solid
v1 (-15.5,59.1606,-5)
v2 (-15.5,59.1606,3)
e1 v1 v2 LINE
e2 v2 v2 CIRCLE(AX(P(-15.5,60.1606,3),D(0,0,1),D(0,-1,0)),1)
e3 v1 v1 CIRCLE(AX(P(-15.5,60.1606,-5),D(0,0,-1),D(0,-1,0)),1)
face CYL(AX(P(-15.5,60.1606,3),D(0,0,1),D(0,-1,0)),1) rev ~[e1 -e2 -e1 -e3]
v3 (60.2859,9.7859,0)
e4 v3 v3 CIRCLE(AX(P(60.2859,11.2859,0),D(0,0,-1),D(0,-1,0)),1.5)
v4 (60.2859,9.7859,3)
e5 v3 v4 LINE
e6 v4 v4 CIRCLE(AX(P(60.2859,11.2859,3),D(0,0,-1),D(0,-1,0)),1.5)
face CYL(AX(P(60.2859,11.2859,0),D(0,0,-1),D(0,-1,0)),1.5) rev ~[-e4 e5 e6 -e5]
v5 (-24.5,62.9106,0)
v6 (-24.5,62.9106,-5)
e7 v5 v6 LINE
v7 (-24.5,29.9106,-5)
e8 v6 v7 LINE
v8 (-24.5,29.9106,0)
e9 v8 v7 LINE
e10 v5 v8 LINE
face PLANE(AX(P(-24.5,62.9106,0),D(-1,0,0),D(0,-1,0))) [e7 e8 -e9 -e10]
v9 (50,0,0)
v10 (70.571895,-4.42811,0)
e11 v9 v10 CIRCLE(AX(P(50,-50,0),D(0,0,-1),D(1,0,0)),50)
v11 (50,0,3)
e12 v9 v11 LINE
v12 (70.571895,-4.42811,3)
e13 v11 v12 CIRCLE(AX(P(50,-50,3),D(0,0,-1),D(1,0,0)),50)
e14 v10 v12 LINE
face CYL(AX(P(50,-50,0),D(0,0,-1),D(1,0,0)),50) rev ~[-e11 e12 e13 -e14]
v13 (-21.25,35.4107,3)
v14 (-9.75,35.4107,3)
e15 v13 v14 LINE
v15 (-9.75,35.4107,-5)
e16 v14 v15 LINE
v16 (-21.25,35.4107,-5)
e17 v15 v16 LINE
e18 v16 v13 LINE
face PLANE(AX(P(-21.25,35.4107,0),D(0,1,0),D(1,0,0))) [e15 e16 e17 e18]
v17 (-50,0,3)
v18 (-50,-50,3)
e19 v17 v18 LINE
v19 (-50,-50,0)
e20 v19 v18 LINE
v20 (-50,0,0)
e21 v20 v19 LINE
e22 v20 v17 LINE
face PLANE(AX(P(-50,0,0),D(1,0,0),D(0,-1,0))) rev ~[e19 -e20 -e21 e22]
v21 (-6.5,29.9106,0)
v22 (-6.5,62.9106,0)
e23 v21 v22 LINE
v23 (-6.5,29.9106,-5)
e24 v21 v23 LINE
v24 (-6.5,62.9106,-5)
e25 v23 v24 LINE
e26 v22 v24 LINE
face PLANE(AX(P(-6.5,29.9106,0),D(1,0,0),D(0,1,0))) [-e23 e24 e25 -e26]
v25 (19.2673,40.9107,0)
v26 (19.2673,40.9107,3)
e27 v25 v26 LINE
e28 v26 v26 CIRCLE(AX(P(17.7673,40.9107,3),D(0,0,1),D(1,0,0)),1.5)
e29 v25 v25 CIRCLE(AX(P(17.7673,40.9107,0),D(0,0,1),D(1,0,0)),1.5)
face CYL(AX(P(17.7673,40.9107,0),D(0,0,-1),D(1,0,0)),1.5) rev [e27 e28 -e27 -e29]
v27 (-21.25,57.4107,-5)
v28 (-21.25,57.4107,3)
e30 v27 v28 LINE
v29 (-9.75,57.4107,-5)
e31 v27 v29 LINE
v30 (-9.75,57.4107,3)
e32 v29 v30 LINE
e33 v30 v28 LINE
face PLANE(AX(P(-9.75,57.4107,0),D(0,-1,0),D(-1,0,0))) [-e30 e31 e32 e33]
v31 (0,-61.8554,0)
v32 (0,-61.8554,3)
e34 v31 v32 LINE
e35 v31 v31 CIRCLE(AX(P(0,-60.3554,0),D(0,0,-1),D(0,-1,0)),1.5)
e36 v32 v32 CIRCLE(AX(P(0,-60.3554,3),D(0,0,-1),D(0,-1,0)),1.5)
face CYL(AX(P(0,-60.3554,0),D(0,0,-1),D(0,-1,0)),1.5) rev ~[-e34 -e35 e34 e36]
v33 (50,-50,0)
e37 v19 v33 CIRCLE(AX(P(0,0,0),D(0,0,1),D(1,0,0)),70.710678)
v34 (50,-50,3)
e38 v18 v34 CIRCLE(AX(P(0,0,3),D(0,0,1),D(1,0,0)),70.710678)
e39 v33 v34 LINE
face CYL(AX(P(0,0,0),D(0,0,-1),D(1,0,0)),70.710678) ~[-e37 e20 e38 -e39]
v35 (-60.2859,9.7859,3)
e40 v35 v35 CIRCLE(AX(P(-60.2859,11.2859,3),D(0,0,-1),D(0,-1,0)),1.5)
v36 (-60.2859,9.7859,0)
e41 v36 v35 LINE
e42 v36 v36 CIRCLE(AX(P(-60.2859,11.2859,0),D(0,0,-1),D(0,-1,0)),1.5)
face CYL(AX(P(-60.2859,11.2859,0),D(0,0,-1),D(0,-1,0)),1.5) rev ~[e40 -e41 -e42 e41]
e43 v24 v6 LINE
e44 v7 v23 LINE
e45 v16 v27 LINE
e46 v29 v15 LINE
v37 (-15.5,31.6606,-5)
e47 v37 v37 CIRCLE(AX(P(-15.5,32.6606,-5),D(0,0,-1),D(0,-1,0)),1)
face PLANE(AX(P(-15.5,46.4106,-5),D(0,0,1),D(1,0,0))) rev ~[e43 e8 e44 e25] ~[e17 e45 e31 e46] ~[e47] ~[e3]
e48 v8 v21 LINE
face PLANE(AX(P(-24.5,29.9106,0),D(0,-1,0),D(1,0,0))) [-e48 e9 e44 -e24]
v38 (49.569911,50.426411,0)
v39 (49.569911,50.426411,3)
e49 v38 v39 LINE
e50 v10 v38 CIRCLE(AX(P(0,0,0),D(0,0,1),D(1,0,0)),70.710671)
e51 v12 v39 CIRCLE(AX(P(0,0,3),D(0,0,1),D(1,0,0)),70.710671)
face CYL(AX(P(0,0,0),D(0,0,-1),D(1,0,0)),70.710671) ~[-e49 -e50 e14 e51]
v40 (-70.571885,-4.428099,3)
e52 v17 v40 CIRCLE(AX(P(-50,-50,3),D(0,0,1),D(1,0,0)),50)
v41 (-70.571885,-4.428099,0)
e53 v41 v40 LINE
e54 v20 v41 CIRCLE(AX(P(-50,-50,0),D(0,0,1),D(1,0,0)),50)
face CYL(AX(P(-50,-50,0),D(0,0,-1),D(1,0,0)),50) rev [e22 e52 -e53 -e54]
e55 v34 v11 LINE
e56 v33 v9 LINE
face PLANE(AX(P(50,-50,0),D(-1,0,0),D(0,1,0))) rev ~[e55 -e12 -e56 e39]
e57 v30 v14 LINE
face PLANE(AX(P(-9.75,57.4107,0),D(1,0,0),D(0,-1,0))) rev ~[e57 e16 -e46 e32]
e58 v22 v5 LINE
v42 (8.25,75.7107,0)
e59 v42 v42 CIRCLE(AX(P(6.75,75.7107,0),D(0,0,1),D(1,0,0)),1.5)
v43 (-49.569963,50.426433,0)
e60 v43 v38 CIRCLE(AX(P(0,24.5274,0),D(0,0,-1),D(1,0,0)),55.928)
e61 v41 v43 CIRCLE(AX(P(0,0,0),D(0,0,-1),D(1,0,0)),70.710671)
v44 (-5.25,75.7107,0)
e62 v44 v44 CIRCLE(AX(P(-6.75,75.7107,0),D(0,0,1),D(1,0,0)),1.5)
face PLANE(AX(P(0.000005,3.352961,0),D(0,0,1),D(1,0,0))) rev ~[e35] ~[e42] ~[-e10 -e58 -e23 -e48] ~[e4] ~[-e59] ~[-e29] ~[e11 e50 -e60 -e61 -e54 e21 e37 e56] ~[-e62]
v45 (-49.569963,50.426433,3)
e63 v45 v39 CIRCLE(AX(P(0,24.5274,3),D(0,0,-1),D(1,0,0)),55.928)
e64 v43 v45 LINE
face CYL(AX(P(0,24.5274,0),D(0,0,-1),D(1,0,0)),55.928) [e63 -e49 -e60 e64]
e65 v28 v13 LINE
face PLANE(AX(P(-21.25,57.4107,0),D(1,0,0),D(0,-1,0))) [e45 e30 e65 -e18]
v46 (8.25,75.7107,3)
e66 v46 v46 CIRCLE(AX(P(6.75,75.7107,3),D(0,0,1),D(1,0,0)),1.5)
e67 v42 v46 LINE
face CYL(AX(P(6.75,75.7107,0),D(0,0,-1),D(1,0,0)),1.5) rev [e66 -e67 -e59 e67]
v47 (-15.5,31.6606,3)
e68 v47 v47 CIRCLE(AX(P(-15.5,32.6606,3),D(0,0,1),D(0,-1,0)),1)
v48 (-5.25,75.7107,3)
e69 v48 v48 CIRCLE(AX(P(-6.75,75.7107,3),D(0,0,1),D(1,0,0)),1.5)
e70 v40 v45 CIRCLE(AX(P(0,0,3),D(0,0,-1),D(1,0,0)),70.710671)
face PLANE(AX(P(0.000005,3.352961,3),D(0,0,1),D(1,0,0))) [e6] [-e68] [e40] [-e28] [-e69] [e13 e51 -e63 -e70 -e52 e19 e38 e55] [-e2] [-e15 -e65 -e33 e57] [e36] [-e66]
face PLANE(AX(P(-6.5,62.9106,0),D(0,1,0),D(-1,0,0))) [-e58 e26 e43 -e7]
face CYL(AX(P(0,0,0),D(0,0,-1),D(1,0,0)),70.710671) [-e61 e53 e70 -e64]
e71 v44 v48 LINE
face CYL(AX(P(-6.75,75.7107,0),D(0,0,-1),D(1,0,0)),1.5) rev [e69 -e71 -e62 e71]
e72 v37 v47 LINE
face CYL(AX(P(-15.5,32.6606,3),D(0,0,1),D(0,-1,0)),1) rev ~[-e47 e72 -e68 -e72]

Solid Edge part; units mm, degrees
sketch "Sketch1" plane through (0, 0, 0) normal (0, 0, 1) x (1, 0, 0)
  circle A0 centre (-6.75, 75.7107) radius 1.5
  circle A1 centre (6.75, 75.7107) radius 1.5
  line L0 (-9.75, 57.4107) -> (-21.25, 57.4107)
  line L1 (-21.25, 57.4107) -> (-21.25, 35.4107)
  line L2 (-21.25, 35.4107) -> (-9.75, 35.4107)
  line L3 (-9.75, 57.4107) -> (-9.75, 35.4107)
  circle A2 centre (17.7673, 40.9107) radius 1.5
  line L4 (50, -50) -> (50, 0)
  arc A3 (50, 0) -> (70.5719, -4.4281) centre (50, -50) cw
  arc A4 (70.5719, -4.4281) -> (49.5699, 50.4264) centre (0, 0) ccw
  arc A5 (-49.5699, 50.4264) -> (49.5699, 50.4264) centre (0, 24.5274) cw
  arc A6 (-70.5719, -4.4281) -> (-49.5699, 50.4264) centre (0, 0) cw
  arc A7 (-50, 0) -> (-70.5719, -4.4281) centre (-50, -50) ccw
  line L5 (-50, 0) -> (-50, -50)
  arc A8 (-50, -50) -> (50, -50) centre (0, 0) ccw
  dimension "D1" = 22
  dimension "D2" = 11.5
  dimension "D3" = 3
  dimension "D4" = 3
  dimension "D5" = 3
extrude "Protrusion1" add sketch "Sketch1" along normal blind 3
sketch "Sketch2" plane through (0, 4.8723, 0) normal (0, 0, -1) x (0, 1, 0)
  circle A0 centre (55.2883, -15.5) radius 1
  circle A1 centre (27.7883, -15.5) radius 1
  line L0 (25.0383, -6.5) -> (58.0383, -6.5)
  line L1 (58.0383, -6.5) -> (58.0383, -24.5)
  line L2 (58.0383, -24.5) -> (25.0383, -24.5)
  line L3 (25.0383, -24.5) -> (25.0383, -6.5)
extrude "ExtrudedProtrusion_2" add sketch "Sketch2" along normal blind 5
sketch "Sketch3" plane through (-15.5, 46.4107, 0) normal (0, 0, 1) x (1, 0, 0)
  line L0 (-5.75, 11) -> (5.75, 11)
  line L1 (5.75, 11) -> (5.75, -11)
  line L2 (5.75, -11) -> (-5.75, -11)
  line L3 (-5.75, -11) -> (-5.75, 10.8886)
extrude "Cutout1" cut sketch "Sketch3" against normal blind 126.1563 material side at (-15.5, 57.3607, 0)
sketch "Sketch4" plane through (0, 4.8723, 3) normal (0, 0, 1) x (0, 1, 0)
  circle A0 centre (-65.2277, 0) radius 1.5
  circle A1 centre (6.4136, 60.2859) radius 1.5
  circle A2 centre (6.4136, -60.2859) radius 1.5
extrude "ExtrudedProtrusion_3" add sketch "Sketch4" along normal blind 3
sketch "Sketch5" plane through (0, 4.8723, 0) normal (0, 0, -1) x (0, -1, 0)
  circle A0 centre (-6.4136, 60.2859) radius 1.5
  circle A1 centre (-6.4136, -60.2859) radius 1.5
extrude "ExtrudedCutout_3" cut sketch "Sketch5" against normal blind 1394.131
sketch "Sketch6" plane through (0, 4.8723, 0) normal (0, 0, -1) x (0, -1, 0)
  circle A0 centre (65.2277, 0) radius 1.5
extrude "ExtrudedCutout_4" cut sketch "Sketch6" against normal blind 239.0862
sketch "Sketch7" plane through (0, 4.8723, 3) normal (0, 0, 1) x (0, -1, 0)
  circle A0 centre (-55.2883, -15.5) radius 1
  circle A1 centre (-27.7883, -15.5) radius 1
extrude "ExtrudedCutout_5" cut sketch "Sketch7" against normal blind 54.4855
